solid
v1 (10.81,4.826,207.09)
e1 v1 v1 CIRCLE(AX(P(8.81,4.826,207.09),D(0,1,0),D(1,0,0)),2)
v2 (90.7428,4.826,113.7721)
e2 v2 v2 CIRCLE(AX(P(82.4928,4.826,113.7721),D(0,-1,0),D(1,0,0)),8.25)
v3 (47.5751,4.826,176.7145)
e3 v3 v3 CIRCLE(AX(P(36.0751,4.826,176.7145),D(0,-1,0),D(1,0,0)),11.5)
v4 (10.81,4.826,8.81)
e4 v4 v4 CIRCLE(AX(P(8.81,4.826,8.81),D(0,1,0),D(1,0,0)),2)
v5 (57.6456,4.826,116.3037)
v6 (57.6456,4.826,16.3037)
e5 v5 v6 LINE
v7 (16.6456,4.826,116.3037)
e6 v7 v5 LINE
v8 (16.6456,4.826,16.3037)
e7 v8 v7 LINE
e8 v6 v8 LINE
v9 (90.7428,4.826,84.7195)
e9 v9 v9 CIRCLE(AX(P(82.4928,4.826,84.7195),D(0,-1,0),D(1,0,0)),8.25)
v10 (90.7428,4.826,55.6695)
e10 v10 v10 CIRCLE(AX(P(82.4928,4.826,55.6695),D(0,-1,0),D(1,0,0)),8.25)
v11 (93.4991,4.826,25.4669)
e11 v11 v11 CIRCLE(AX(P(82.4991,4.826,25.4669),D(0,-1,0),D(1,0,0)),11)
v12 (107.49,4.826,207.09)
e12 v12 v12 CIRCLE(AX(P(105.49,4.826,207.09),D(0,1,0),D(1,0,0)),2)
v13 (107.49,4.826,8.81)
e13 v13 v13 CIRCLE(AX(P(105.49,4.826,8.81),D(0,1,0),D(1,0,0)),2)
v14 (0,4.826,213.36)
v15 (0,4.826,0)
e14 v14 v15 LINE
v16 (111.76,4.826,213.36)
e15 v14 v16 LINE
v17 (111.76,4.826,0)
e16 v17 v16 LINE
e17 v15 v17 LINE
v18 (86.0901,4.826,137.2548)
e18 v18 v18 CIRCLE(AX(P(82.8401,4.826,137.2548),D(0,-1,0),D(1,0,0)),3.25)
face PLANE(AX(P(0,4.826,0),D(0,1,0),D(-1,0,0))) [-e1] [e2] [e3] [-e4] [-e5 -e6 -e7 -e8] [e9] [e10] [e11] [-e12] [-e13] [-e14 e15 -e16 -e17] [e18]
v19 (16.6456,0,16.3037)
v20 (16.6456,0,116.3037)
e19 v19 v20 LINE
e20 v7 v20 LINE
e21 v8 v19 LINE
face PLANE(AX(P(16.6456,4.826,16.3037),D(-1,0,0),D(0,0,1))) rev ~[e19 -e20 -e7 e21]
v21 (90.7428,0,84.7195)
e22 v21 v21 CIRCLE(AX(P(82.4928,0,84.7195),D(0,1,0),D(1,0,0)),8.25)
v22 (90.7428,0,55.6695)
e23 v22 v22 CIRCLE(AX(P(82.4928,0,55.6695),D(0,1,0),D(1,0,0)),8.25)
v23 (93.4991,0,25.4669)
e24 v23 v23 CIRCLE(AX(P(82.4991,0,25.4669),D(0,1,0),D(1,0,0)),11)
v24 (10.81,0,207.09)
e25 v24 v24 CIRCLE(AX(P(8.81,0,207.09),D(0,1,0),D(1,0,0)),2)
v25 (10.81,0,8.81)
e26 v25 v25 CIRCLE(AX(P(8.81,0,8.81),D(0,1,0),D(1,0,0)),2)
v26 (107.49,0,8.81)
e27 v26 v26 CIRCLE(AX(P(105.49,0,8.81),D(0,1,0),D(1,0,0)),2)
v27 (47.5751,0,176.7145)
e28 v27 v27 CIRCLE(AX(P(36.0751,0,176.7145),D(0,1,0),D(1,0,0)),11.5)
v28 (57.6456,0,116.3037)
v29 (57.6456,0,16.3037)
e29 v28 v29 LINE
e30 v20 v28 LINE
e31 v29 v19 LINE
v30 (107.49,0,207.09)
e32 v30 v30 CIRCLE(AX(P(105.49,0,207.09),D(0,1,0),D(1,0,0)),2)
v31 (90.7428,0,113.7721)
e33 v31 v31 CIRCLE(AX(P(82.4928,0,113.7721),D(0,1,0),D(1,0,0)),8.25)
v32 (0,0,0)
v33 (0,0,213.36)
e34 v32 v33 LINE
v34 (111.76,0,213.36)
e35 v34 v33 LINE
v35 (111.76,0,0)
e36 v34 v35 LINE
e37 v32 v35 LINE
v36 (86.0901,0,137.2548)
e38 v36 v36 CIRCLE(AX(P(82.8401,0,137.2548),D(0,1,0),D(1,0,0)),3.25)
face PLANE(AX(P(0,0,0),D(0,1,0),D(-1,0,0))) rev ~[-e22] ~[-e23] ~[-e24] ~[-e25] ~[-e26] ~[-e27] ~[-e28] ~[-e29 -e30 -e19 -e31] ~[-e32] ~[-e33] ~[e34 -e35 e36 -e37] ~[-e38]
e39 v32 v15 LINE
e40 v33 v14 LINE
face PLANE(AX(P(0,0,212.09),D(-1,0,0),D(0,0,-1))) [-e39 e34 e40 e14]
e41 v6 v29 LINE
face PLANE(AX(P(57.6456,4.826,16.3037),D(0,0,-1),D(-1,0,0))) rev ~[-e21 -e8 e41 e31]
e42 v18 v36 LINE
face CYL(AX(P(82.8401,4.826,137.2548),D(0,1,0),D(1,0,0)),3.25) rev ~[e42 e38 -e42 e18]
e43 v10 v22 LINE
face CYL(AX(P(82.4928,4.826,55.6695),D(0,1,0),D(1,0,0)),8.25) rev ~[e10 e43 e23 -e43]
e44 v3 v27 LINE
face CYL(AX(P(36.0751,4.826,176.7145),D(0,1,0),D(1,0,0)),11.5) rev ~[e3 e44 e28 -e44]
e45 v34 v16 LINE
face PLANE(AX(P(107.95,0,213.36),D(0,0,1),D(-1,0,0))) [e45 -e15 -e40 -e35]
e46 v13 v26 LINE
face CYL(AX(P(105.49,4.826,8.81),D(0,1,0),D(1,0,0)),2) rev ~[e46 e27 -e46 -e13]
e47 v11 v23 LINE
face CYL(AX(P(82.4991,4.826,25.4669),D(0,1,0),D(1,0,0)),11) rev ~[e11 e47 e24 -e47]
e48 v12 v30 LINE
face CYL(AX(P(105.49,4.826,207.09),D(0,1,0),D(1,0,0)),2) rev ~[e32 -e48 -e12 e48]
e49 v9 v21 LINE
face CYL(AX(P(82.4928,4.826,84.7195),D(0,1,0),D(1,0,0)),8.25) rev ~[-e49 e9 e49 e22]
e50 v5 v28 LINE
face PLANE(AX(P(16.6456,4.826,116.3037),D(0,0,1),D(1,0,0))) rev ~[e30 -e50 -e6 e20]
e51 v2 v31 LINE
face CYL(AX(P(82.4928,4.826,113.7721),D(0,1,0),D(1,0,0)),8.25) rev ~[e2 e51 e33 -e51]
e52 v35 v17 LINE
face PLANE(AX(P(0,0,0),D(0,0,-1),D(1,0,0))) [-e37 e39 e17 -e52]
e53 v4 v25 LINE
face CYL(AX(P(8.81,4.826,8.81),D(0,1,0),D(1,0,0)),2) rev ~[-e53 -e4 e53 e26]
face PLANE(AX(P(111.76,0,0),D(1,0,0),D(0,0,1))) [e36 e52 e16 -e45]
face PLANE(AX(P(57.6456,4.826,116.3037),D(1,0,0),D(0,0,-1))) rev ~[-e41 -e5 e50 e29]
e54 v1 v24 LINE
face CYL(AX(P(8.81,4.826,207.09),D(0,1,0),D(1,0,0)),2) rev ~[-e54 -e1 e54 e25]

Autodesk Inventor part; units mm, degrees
ref_plane "YZ Plane" through (0, 0, 0) normal (1, 0, 0) x (0, 1, 0)
ref_plane "XZ Plane" through (0, 0, 0) normal (0, 1, 0) x (-1, 0, 0)
ref_plane "XY Plane" through (0, 0, 0) normal (0, 0, 1) x (1, 0, 0)
sketch "Sketch1" plane through (0, 0, 0) normal (0, 1, 0) x (-1, 0, 0)
  line L0 (0, 0) -> (-111.76, 0)
  line L1 (-111.76, 0) -> (-111.76, 213.36)
  line L2 (-111.76, 213.36) -> (0, 213.36)
  line L3 (0, 213.36) -> (0, 0)
  line L4 (-111.76, 212.09) -> (-111.76, 0) projected
  line L5 (0, 212.09) -> (-111.76, 212.09) projected
  line L6 (0, 0) -> (0, 212.09) projected
  line L7 (-111.76, 0) -> (0, 0) projected
  line L8 (-111.76, 0) -> (0, 0) projected
  line L9 (0, 0) -> (0, 212.09) projected
  line L10 (-111.76, 212.09) -> (-111.76, 0) projected
  line L11 (-111.76, 0) -> (0, 0) projected
  line L12 (0, 218.44) -> (-107.95, 218.44) projected
  line L13 (-107.95, 218.44) -> (-107.95, 212.09) projected
  line L14 (0, 212.09) -> (0, 218.44) projected
  dimension "d0" = 111.76
  dimension "d1" = 213.36
extrude "Extrusion1" add sketch "Sketch1" along normal blind 4.826 contours L0 L1 L5 L3 | L5 L13 L2 L3 | L1 L2 L13 L5
sketch "Sketch2" plane through (0, 4.826, 0) normal (0, 1, 0) x (1, 0, 0)
  line L0 (111.76, 0) -> (0, 0) projected
  line L1 (0, 0) -> (0, -213.36) projected
  line L2 (88.8491, -51.3544) -> (82.4991, -51.3544)
  line L3 (82.4991, -51.3544) -> (82.4991, -0.0669)
  line L4 (82.4991, -0.0669) -> (82.4991, -12.7669)
  line L5 (82.4991, -0.0669) -> (82.4991, -25.4669)
  circle A0 centre (82.4991, -25.4669) radius 11
  line L6 (82.4991, -25.4669) -> (82.4991, -51.8669)
  line L7 (82.4991, -36.4669) -> (82.4991, -61.8669)
  circle A1 centre (82.4928, -55.6695) radius 8.25
  line L8 (82.4991, -48.0194) -> (82.4991, -56.1194)
  line L9 (82.4928, -63.9195) -> (82.4928, -84.7195)
  circle A2 centre (82.4928, -84.7195) radius 8.25
  line L10 (82.4928, -92.9695) -> (82.4928, -113.7721)
  circle A3 centre (82.4928, -113.7721) radius 8.25
  circle A4 centre (36.0751, -176.7145) radius 11.5
  line L11 (10.6751, -176.7232) -> (36.0751, -176.7232)
  line L12 (57.6456, -16.3037) -> (16.6456, -16.3037)
  line L13 (16.6456, -16.3037) -> (16.6456, -116.3037)
  line L14 (16.6456, -116.3037) -> (57.6456, -116.3037)
  line L15 (57.6456, -116.3037) -> (57.6456, -16.3037)
  line L16 (36.0751, -176.7232) -> (36.0751, -151.3232)
  line L17 (82.8401, -122.0148) -> (82.8401, -137.2548)
  circle A5 centre (82.8401, -137.2548) radius 3.25
  line L18 (0, -213.36) -> (111.76, -213.36) projected
  line L19 (111.76, -213.36) -> (111.76, 0) projected
  dimension "d14" = 22
  dimension "d18" = 16.5
  dimension "d13" = 25.4
  dimension "d17" = 25.4
  dimension "d19" = 8.1
  dimension "d20" = 20.8
  dimension "d22" = 20.8026
  dimension "d24" = 23
  dimension "d27" = 25.4
  dimension "d28" = 41
  dimension "d29" = 100
  dimension "d30" = 25.4
  dimension "d31" = 15.24
  dimension "d32" = 6.5
extrude "Extrusion3" cut sketch "Sketch2" against normal blind 25.4 contours A0 L3 | A5 | A3 | A2 | A1 | L3 A0 | A4 L11 L16 | L16 L11 A4 | L15 L14 L13 L12
sketch "Sketch3" plane through (0, 4.826, 0) normal (0, 1, 0) x (1, 0, 0)
  circle A0 centre (82.4991, -25.4669) radius 11 projected
  circle A1 centre (82.4928, -113.7721) radius 8.25 projected
  line L0 (57.6456, -116.3037) -> (16.6456, -116.3037) projected
  line L1 (16.6456, -116.3037) -> (16.6456, -16.3037) projected
  line L2 (16.6456, -16.3037) -> (57.6456, -16.3037) projected
  line L3 (57.6456, -16.3037) -> (57.6456, -116.3037) projected
  circle A2 centre (82.4928, -55.6695) radius 8.25 projected
  circle A3 centre (82.4928, -84.7195) radius 8.25 projected
  line L4 (111.76, 0) -> (0, 0) projected
  line L5 (0, 0) -> (0, -213.36) projected
  circle A4 centre (36.0751, -176.7145) radius 11.5 projected
  line L6 (57.6456, -116.3037) -> (16.6456, -116.3037) projected
  line L7 (16.6456, -116.3037) -> (16.6456, -16.3037) projected
  line L8 (16.6456, -16.3037) -> (57.6456, -16.3037) projected
  circle A5 centre (82.8401, -137.2548) radius 3.25 projected
  line L9 (111.76, 0) -> (0, 0) projected
  line L10 (0, 0) -> (0, -213.36) projected
  line L11 (0, 0) -> (0, -213.36) projected
  circle A6 centre (36.0751, -176.7145) radius 11.5 projected
  circle A7 centre (82.8401, -137.2548) radius 3.25 projected
  line L12 (57.6456, -16.3037) -> (57.6456, -116.3037) projected
  line L13 (0, -213.36) -> (111.76, -213.36) projected
  line L14 (111.76, -213.36) -> (111.76, 0) projected
  point P0 (107.95, -122.8721)
  point P1 (107.95, -24.8721)
  point P2 (107.95, 0)
sketch "Sketch5" plane through (0, 4.826, 0) normal (0, 1, 0) x (1, 0, 0)
  line L0 (0, 0) -> (0, -213.36) projected
  line L1 (0, -213.36) -> (0, -208.36)
  circle A0 centre (8.81, -8.81) radius 2 projected
  circle A1 centre (8.81, -207.09) radius 2 projected
  circle A2 centre (105.49, -207.09) radius 2 projected
  circle A3 centre (105.49, -8.81) radius 2 projected
  circle A4 centre (105.49, -8.81) radius 2
  circle A5 centre (105.49, -207.09) radius 2
  circle A6 centre (8.81, -207.09) radius 2
  circle A7 centre (8.81, -8.81) radius 2
  dimension "d36" = 5
extrude "Extrusion5" cut sketch "Sketch5" against normal up to next
properties part number "component box cover"
